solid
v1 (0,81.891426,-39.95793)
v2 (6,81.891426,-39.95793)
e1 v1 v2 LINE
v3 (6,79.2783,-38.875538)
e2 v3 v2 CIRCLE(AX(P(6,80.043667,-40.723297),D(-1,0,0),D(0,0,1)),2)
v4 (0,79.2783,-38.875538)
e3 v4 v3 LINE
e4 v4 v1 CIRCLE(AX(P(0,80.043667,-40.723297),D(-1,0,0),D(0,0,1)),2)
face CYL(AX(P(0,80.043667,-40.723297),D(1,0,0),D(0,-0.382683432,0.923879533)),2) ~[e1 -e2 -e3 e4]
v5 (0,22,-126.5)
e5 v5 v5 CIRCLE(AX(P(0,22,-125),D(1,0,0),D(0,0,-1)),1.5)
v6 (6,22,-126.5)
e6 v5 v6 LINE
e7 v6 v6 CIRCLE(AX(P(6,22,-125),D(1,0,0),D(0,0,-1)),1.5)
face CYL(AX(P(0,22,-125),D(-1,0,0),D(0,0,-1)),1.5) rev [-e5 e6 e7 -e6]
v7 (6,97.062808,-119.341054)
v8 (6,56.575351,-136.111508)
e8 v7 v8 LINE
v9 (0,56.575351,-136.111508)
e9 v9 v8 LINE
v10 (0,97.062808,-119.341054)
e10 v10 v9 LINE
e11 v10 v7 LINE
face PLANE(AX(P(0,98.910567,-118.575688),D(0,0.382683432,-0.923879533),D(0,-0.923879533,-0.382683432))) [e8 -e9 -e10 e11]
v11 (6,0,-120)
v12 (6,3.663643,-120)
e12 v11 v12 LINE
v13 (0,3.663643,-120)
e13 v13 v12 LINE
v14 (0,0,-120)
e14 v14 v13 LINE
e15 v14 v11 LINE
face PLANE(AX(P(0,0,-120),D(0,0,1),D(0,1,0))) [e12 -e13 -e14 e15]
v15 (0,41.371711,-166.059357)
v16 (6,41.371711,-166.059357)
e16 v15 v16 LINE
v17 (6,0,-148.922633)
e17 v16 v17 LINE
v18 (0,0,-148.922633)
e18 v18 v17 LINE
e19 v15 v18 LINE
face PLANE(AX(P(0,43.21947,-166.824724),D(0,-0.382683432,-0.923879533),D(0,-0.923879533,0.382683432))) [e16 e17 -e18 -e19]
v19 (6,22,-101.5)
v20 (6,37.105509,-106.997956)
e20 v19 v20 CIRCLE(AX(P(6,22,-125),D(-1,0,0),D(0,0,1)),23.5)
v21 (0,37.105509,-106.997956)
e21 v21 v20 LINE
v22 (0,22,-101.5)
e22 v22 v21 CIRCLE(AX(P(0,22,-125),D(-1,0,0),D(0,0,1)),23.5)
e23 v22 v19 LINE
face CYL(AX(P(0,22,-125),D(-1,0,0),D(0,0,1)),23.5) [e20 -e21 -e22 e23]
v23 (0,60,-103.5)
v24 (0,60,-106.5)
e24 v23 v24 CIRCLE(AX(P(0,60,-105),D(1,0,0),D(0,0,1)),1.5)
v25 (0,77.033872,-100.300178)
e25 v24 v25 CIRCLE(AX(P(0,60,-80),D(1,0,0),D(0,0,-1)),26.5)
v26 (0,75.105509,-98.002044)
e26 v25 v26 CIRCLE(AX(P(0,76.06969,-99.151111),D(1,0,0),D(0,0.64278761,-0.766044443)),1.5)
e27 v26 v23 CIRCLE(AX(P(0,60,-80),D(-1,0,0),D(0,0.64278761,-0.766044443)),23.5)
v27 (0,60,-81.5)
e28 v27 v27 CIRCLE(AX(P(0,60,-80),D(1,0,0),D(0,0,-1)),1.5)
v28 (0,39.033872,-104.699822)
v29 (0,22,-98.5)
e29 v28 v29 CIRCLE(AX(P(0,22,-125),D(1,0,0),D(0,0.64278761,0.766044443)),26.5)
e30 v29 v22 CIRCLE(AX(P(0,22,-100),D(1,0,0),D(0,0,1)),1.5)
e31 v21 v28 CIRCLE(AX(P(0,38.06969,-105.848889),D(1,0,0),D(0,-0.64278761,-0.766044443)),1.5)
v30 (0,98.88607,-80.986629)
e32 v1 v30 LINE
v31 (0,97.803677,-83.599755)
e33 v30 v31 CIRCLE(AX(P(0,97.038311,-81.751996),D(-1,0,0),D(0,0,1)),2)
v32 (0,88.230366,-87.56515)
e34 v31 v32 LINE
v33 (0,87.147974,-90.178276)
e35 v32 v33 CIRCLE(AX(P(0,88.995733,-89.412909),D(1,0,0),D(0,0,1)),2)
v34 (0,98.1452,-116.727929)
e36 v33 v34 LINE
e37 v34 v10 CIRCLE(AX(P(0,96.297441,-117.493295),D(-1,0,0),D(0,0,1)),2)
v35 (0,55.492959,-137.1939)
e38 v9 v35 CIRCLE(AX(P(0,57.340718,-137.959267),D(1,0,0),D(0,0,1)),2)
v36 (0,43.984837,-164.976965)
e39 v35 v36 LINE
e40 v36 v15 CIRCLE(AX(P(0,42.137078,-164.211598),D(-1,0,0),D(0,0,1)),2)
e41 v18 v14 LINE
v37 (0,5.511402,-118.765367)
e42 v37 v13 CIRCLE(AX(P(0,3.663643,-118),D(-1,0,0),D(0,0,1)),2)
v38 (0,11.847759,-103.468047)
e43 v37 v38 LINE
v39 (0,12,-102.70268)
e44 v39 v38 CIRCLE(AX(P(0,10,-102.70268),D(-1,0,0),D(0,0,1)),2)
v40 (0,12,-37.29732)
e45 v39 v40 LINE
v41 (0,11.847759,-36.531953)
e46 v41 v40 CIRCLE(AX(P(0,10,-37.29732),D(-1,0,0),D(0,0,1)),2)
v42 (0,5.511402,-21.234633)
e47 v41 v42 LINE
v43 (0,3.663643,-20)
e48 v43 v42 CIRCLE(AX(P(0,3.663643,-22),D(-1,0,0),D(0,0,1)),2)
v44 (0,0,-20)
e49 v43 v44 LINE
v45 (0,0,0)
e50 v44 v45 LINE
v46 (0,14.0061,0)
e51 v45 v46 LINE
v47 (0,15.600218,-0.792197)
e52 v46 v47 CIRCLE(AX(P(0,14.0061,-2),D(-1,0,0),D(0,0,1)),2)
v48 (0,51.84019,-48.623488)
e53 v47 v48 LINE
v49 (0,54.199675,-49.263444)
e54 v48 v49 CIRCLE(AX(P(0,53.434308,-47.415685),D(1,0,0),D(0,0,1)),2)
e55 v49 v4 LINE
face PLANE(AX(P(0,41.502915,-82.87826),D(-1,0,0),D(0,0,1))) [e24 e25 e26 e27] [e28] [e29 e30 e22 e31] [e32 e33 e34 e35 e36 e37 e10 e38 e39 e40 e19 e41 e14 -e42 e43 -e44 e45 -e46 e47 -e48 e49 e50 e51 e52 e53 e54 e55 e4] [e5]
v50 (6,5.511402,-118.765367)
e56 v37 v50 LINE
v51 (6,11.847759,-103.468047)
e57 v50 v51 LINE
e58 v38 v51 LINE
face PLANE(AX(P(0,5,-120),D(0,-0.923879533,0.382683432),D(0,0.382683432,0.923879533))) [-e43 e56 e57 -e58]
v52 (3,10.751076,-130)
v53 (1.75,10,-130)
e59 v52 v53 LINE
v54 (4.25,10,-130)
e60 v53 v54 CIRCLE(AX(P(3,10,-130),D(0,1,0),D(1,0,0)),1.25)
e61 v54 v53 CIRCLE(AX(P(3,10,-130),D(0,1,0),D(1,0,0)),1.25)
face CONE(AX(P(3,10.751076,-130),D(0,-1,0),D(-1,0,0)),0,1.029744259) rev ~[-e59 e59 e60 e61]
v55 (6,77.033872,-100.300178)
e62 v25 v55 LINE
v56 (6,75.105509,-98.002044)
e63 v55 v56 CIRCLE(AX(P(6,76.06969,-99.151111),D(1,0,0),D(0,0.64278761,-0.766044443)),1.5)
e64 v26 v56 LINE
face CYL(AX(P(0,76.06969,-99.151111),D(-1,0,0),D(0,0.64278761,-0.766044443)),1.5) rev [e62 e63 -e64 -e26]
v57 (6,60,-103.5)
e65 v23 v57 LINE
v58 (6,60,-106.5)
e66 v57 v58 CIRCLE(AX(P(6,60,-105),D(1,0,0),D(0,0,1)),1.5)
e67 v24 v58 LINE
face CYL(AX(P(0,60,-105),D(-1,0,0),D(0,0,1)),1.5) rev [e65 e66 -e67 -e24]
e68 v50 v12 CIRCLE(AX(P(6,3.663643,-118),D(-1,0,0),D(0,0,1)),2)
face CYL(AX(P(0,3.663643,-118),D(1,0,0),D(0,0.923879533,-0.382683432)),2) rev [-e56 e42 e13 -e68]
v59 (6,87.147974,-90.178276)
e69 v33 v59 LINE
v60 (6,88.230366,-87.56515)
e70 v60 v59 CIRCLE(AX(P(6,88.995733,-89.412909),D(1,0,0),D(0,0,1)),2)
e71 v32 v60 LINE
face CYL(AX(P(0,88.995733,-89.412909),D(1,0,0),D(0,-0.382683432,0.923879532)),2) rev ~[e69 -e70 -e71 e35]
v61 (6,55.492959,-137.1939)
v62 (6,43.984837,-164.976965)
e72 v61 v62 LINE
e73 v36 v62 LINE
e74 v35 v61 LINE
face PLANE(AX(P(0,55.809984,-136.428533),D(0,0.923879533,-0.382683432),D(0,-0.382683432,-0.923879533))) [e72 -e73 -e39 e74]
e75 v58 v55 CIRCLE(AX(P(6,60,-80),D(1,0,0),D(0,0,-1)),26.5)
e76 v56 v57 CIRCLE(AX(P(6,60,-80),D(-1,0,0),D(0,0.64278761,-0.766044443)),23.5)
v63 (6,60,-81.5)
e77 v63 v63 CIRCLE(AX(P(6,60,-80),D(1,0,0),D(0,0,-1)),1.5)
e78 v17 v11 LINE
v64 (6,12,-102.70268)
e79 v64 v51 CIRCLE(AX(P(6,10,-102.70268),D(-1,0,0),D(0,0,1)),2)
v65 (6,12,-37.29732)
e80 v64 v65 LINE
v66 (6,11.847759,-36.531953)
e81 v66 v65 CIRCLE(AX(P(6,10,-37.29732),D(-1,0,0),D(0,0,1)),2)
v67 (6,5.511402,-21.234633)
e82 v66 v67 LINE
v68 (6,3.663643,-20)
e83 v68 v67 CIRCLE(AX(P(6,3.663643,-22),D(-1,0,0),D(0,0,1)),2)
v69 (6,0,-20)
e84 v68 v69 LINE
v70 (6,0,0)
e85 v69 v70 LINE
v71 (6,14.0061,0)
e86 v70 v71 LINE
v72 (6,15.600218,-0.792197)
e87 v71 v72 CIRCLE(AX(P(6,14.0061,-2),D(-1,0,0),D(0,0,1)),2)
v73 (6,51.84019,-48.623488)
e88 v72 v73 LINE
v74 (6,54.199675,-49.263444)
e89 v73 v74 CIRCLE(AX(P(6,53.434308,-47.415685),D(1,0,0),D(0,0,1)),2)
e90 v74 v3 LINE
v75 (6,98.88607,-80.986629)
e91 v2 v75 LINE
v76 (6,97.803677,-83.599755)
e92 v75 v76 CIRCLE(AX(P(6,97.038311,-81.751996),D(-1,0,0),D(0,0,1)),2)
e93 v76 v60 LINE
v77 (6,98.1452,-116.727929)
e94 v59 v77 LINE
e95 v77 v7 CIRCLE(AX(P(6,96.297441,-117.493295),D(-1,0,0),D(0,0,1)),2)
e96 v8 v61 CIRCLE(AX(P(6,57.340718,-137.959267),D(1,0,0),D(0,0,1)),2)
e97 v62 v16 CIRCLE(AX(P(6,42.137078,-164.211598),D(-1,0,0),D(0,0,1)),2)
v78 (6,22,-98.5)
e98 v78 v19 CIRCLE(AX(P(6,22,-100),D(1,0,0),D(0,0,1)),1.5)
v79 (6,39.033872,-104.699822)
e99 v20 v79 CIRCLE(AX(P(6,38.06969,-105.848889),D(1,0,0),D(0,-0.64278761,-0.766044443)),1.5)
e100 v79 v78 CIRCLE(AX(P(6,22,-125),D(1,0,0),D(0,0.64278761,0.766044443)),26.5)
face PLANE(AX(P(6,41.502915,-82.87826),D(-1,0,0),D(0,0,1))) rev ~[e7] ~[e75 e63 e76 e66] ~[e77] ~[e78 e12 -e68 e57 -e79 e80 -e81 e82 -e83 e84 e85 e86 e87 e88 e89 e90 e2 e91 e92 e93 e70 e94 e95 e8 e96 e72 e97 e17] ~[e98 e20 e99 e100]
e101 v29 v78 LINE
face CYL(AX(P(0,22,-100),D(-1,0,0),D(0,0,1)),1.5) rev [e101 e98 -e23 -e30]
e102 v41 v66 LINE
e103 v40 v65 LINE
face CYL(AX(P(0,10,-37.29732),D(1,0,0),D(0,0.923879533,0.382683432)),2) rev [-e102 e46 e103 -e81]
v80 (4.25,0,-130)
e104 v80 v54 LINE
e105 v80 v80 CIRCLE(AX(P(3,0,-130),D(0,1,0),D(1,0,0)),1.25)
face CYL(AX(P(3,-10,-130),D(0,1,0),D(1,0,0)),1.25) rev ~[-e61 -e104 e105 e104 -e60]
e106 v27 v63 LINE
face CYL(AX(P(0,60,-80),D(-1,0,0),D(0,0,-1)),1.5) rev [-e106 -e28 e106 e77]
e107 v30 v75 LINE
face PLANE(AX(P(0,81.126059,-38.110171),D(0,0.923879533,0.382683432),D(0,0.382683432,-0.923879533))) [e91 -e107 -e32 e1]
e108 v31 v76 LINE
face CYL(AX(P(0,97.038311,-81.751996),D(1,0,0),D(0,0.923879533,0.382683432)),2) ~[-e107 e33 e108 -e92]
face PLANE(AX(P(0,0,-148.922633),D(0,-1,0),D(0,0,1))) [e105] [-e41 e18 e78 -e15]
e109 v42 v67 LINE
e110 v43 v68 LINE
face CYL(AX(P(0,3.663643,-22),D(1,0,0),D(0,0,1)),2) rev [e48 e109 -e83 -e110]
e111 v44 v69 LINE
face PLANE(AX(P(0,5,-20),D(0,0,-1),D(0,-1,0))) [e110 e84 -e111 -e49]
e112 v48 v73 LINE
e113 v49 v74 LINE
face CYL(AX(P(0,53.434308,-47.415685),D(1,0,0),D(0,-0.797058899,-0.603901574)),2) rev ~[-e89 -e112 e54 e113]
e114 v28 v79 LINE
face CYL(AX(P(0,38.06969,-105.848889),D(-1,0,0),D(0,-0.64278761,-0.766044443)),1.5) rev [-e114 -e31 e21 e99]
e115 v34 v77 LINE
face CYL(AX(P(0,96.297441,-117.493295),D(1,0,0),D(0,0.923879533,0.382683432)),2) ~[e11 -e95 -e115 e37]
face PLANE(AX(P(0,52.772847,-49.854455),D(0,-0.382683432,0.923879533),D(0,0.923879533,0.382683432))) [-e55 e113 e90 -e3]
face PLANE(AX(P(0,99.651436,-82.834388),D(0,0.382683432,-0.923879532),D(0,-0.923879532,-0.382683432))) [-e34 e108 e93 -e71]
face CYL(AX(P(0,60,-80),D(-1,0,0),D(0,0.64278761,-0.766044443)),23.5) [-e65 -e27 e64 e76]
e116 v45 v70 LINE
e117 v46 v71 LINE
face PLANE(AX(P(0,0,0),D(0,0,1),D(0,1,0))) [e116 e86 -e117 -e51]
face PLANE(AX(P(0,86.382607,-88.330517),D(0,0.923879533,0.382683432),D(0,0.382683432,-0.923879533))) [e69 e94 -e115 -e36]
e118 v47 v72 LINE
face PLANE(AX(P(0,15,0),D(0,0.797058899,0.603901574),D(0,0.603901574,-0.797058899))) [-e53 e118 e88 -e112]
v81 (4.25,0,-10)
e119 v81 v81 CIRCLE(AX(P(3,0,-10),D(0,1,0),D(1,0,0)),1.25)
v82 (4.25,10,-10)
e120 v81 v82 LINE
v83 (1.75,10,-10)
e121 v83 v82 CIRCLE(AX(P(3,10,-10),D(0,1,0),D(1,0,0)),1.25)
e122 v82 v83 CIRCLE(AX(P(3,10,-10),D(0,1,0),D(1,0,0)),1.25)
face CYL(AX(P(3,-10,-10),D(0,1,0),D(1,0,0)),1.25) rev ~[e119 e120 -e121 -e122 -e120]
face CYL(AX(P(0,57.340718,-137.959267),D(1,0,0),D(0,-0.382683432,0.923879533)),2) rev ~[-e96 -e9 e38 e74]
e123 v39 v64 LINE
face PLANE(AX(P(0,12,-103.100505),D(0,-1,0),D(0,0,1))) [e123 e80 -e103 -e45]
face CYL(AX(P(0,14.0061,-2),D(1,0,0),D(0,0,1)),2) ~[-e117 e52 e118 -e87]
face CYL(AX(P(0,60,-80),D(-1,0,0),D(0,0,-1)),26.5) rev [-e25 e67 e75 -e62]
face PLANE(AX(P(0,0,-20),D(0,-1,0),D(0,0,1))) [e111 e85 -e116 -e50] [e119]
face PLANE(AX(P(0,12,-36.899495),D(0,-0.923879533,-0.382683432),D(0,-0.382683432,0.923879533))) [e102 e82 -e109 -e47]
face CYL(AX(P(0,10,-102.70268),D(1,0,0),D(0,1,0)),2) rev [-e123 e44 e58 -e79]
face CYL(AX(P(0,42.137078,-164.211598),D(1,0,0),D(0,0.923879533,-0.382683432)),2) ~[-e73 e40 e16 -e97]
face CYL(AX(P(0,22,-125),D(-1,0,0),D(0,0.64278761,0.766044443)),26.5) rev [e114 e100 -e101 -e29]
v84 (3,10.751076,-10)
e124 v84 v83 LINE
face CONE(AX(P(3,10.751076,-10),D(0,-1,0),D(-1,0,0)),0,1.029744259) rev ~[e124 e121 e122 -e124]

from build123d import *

# Parameters (mm, degrees)
SKETCH1_R                   = 1.5
BOSS_EXTRUDE1_DEPTH         = 6
FILLET1_R                   = 2
TAP_DRILL_FOR_M3_TAP1_D     = 2.5
TAP_DRILL_FOR_M3_TAP1_DEPTH = 10
TAP_DRILL_FOR_M3_TAP1_TIP   = 0.751075774


with BuildPart() as part:
    # Sketch1 → Boss-Extrude1 (new body)
    with BuildSketch(Plane(origin=(0, 0, 0), x_dir=(0, 0, -1), z_dir=(1, 0, 0))):
        Polygon((0, 0), (0, 15), (49.854455432, 52.772847367), (38.110170638, 81.126058999), (82.834388097, 99.651436437), (88.330517158, 86.382607119), (118.575687602, 98.910566914), (136.428533447, 55.809984346), (166.824723678, 43.219470108), (148.922633001, 0), (120, 0), (120, 5), (103.100505063, 12), (36.899494937, 12), (20, 5), (20, 0), align=None)
        with Locations((80, 60)):
            Circle(SKETCH1_R, mode=Mode.SUBTRACT)
        with Locations((125, 22)):
            Circle(SKETCH1_R, mode=Mode.SUBTRACT)
        with BuildLine():
            ThreePointArc((106.5, 60), (104.901854451, 69.063533798), (100.300177743, 77.033871657))
            ThreePointArc((100.300177743, 77.033871657), (98.186929663, 77.218756907), (98.002044413, 75.105508828))
            ThreePointArc((98.002044413, 75.105508828), (102.082776588, 68.037473368), (103.5, 60))
            ThreePointArc((103.5, 60), (105, 58.5), (106.5, 60))
        make_face(mode=Mode.SUBTRACT)
        with BuildLine():
            ThreePointArc((104.699822257, 39.033871657), (100.098145549, 31.063533798), (98.5, 22))
            ThreePointArc((98.5, 22), (100, 20.5), (101.5, 22))
            ThreePointArc((101.5, 22), (102.917223412, 30.037473368), (106.997955587, 37.105508828))
            ThreePointArc((106.997955587, 37.105508828), (106.813070337, 39.218756907), (104.699822257, 39.033871657))
        make_face(mode=Mode.SUBTRACT)
    extrude(amount=BOSS_EXTRUDE1_DEPTH)

    # Fillet1
    fillet1_edges = [part.edges().sort_by_distance(p)[0] for p in [
        (3, 15, 0),
        (3, 52.772847367, -49.854455432),
        (3, 81.126058999, -38.110170638),
        (3, 99.651436437, -82.834388097),
        (3, 86.382607119, -88.330517158),
        (3, 98.910566914, -118.575687602),
        (3, 55.809984346, -136.428533447),
        (3, 43.219470108, -166.824723678),
        (3, 5, -120),
        (3, 12, -103.100505063),
        (3, 12, -36.899494937),
        (3, 5, -20),
    ]]
    fillet(fillet1_edges, radius=FILLET1_R)

    # Tap Drill for M3 Tap1
    with Locations(Plane(origin=(0, 0, 0), x_dir=(-1, 0, 0), z_dir=(0, -1, 0))):
        with Locations((-3, 10), (-3, 130)):
            Hole(TAP_DRILL_FOR_M3_TAP1_D / 2, depth=TAP_DRILL_FOR_M3_TAP1_DEPTH)
            with Locations((0, 0, -(TAP_DRILL_FOR_M3_TAP1_DEPTH + TAP_DRILL_FOR_M3_TAP1_TIP / 2))):  # 118° drill point
                Cone(0, TAP_DRILL_FOR_M3_TAP1_D / 2, TAP_DRILL_FOR_M3_TAP1_TIP, mode=Mode.SUBTRACT)


solid = part.part
